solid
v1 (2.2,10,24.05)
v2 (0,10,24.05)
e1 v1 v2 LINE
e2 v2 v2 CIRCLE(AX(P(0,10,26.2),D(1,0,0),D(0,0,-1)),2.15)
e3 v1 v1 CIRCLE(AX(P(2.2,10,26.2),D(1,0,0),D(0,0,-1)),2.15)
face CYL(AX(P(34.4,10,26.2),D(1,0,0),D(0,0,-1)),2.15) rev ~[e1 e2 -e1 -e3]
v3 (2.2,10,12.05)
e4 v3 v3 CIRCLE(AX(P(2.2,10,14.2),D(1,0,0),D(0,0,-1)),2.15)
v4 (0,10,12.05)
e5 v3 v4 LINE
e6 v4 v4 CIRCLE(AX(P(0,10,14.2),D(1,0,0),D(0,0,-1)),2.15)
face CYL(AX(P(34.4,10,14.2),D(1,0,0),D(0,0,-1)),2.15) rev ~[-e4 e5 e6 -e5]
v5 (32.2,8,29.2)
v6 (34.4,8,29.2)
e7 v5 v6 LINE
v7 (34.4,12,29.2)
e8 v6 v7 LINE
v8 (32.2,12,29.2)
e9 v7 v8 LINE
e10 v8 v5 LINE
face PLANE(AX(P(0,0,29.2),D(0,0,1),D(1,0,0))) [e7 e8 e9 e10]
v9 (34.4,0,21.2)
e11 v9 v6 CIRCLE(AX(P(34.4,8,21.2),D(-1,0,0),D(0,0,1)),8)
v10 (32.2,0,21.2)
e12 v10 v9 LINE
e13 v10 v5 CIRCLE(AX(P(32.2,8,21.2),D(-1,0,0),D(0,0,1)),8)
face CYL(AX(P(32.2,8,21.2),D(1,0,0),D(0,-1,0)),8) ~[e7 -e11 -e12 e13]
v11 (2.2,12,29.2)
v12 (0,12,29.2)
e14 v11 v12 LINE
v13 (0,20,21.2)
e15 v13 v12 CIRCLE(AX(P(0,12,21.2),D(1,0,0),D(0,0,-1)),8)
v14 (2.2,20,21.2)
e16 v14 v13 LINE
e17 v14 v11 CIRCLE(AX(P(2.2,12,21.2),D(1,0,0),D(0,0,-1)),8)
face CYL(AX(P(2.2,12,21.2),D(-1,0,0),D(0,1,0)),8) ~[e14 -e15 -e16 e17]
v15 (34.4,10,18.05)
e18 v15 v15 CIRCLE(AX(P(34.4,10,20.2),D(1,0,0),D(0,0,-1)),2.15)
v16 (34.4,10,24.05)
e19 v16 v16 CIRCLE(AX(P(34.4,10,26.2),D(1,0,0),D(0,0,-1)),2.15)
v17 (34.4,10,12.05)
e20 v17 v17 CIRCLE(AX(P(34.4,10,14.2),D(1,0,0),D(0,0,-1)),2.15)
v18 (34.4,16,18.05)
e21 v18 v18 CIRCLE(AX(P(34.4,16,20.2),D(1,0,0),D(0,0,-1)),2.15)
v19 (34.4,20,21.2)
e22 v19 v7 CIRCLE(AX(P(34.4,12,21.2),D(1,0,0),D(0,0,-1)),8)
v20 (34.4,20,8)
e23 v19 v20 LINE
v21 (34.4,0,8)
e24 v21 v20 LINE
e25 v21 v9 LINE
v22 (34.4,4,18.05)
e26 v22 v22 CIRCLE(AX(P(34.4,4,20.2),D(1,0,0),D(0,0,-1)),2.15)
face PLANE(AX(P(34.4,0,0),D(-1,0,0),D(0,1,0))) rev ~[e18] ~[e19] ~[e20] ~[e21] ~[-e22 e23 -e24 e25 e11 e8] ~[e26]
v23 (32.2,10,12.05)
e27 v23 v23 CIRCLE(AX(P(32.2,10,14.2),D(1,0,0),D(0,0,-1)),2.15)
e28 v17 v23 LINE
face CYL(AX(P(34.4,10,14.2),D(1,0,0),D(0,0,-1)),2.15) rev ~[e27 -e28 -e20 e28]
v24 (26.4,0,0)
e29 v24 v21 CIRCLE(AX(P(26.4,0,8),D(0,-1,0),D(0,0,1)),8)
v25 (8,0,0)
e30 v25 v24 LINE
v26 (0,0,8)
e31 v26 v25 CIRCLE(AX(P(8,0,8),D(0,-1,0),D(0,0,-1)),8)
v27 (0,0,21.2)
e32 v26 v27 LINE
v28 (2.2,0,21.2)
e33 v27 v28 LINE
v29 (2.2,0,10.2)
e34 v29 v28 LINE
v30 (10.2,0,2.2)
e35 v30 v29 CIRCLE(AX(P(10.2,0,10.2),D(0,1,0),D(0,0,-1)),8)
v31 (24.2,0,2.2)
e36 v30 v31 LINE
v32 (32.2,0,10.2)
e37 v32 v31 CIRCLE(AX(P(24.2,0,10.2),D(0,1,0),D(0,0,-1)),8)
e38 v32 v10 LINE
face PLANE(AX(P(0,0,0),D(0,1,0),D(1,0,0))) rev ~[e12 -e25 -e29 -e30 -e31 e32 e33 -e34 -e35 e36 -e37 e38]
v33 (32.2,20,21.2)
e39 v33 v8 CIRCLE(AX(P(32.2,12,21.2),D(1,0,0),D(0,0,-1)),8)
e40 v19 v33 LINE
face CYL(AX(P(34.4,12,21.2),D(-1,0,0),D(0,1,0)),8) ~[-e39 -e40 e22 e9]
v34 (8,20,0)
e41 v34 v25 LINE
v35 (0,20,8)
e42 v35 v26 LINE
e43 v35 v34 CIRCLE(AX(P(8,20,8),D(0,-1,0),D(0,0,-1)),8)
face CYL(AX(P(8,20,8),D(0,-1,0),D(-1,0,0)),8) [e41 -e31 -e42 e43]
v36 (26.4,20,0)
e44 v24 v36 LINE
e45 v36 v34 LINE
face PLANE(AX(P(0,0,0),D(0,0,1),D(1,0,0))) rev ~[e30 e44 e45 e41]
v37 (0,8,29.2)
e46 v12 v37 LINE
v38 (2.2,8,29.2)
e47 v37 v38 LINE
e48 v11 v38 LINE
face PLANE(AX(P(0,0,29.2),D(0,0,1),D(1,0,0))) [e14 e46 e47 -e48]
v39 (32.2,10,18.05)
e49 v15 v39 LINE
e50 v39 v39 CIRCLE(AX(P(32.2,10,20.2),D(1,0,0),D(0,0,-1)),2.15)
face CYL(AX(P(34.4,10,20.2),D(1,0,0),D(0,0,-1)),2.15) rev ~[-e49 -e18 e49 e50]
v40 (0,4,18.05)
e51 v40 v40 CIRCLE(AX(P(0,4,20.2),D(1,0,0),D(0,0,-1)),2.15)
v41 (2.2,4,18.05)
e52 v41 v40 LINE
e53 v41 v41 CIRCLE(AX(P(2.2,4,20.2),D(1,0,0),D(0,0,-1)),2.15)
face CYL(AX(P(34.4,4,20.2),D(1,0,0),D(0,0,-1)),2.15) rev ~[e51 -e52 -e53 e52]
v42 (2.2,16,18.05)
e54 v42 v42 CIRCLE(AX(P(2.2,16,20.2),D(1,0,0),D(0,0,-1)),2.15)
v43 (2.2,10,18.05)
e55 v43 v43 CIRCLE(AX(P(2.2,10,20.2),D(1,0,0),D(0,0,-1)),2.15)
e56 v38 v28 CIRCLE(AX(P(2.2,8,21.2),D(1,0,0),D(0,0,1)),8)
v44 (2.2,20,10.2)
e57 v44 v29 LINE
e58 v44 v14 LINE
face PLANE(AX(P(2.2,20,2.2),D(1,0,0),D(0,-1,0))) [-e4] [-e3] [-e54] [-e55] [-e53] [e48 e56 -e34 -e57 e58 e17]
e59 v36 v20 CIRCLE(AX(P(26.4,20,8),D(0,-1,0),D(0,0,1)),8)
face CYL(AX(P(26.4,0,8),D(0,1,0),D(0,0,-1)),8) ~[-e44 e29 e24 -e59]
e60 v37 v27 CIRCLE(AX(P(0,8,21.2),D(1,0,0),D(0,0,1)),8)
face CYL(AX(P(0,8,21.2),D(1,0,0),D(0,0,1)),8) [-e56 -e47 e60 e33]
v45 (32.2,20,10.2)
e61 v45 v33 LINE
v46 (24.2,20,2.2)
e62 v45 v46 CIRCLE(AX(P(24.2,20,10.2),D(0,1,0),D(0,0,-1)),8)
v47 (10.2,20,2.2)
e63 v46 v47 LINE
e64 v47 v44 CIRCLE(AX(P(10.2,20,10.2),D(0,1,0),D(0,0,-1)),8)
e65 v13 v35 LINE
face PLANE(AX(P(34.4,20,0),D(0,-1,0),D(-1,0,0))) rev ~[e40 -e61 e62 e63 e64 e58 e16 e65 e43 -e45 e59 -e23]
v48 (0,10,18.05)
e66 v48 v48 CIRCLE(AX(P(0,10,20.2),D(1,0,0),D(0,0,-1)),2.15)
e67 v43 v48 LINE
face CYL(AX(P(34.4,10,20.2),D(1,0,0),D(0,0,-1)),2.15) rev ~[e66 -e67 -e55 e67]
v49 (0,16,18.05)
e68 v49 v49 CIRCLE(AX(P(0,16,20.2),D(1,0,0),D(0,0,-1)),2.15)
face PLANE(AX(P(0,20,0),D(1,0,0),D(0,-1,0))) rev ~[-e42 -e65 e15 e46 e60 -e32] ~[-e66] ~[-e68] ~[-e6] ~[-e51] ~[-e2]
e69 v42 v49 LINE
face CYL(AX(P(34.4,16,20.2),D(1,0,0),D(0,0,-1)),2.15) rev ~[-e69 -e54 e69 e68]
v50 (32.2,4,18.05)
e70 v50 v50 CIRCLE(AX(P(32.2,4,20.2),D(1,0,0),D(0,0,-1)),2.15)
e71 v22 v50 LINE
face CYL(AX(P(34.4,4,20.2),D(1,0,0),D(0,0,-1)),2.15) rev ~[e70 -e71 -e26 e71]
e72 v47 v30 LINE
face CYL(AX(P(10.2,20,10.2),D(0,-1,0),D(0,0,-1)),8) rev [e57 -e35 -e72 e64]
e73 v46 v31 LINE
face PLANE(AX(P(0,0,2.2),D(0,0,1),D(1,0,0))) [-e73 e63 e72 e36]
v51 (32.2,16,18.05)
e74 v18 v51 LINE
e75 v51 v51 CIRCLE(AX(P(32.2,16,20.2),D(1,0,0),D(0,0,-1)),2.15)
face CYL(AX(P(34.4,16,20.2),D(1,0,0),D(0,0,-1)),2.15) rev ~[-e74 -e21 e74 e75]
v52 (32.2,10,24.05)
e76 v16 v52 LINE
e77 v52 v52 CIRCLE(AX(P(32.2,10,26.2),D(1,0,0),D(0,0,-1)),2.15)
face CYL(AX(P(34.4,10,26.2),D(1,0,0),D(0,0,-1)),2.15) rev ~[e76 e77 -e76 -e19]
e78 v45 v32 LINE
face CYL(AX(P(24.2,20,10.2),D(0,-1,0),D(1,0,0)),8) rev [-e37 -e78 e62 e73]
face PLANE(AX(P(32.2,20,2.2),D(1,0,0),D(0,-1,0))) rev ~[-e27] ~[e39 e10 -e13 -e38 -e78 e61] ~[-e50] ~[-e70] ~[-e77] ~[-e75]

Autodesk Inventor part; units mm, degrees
ref_plane "YZ Plane" through (0, 0, 0) normal (1, 0, 0) x (0, 1, 0)
ref_plane "XZ Plane" through (0, 0, 0) normal (0, 1, 0) x (-1, 0, 0)
ref_plane "XY Plane" through (0, 0, 0) normal (0, 0, 1) x (1, 0, 0)
sketch "Esquisse1" plane through (0, 0, 0) normal (0, 0, 1) x (1, 0, 0)
  line L0 (0, 0) -> (34.4, 0)
  line L1 (34.4, 0) -> (34.4, 20)
  line L2 (34.4, 20) -> (0, 20)
  line L3 (0, 20) -> (0, 0)
  dimension "d0" = 34.4
  dimension "d1" = 20
extrude "Extrusion1" add sketch "Esquisse1" along normal blind 2.2
sketch "Esquisse2" plane through (0, 0, 2.2) normal (0, 0, 1) x (1, 0, 0)
  line L0 (0, 0) -> (34.4, 0) projected
  line L1 (34.4, 20) -> (0, 20) projected
  line L2 (0, 20) -> (0, 0) projected
  line L3 (0, 20) -> (2.2, 20)
  line L4 (2.2, 20) -> (2.2, 0)
  line L5 (2.2, 0) -> (0, 0)
  line L6 (0, 0) -> (0, 20)
  line L7 (17.2, 20) -> (17.2, 0) construction
  line L8 (34.4, 20) -> (32.2, 20)
  line L9 (32.2, 20) -> (32.2, 0)
  line L10 (32.2, 0) -> (34.4, 0)
  line L11 (34.4, 0) -> (34.4, 20)
  dimension "d4" = 2.2
extrude "Extrusion2" add sketch "Esquisse2" along normal blind 27 contours L2 L1 L4 L0 | L9 L1 L11 L0
sketch "Esquisse3" plane through (34.4, 0, 0) normal (1, 0, 0) x (0, 0, -1)
  line L0 (0, 0) -> (0, 20) construction
  line L1 (-29.2, 0) -> (-29.2, 20) construction
  line L2 (-29.2, 10) -> (0, 10) construction
  circle A0 centre (-20.2, 10) radius 2.15
  line L3 (-20.2, 10) -> (-20.2, 15.2246) construction
  circle A1 centre (-14.2, 10) radius 2.15
  circle A2 centre (-26.2, 10) radius 2.15
  circle A3 centre (-20.2, 10) radius 2.15
  circle A4 centre (-20.2, 16) radius 2.15
  circle A5 centre (-20.2, 4) radius 2.15
  circle A6 centre (-20.2, 10) radius 2.15
  dimension "d7" = 9
  dimension "d8" = 4.3
  dimension "d11" = 6
  dimension "d14" = 6
  dimension "d19" = 6
  dimension "d22" = 6
extrude "Extrusion3" cut sketch "Esquisse3" against normal through all
fillet "Congé1" radius 8 4 edges at (33.3, 20, 29.2) (1.1, 20, 29.2) (1.1, 0, 29.2) (33.3, 0, 29.2)
fillet "Congé2" radius 8 4 edges at (2.2, 10, 2.2) (0, 10, 0) (34.4, 10, 0) (32.2, 10, 2.2)
equation "\"d2\" = UDepth"
equation "\"d4\" = Depth"
equation "\"d8\" = Holes"
equation "\"d28\" = URound"
equation "\"Depth\" = 2.2"
equation "\"Holes\" = 4.3"
equation "\"UDepth\" = Depth"
equation "\"USize\" = 5"
equation "\"URound\" = 8"
properties part number "U"
